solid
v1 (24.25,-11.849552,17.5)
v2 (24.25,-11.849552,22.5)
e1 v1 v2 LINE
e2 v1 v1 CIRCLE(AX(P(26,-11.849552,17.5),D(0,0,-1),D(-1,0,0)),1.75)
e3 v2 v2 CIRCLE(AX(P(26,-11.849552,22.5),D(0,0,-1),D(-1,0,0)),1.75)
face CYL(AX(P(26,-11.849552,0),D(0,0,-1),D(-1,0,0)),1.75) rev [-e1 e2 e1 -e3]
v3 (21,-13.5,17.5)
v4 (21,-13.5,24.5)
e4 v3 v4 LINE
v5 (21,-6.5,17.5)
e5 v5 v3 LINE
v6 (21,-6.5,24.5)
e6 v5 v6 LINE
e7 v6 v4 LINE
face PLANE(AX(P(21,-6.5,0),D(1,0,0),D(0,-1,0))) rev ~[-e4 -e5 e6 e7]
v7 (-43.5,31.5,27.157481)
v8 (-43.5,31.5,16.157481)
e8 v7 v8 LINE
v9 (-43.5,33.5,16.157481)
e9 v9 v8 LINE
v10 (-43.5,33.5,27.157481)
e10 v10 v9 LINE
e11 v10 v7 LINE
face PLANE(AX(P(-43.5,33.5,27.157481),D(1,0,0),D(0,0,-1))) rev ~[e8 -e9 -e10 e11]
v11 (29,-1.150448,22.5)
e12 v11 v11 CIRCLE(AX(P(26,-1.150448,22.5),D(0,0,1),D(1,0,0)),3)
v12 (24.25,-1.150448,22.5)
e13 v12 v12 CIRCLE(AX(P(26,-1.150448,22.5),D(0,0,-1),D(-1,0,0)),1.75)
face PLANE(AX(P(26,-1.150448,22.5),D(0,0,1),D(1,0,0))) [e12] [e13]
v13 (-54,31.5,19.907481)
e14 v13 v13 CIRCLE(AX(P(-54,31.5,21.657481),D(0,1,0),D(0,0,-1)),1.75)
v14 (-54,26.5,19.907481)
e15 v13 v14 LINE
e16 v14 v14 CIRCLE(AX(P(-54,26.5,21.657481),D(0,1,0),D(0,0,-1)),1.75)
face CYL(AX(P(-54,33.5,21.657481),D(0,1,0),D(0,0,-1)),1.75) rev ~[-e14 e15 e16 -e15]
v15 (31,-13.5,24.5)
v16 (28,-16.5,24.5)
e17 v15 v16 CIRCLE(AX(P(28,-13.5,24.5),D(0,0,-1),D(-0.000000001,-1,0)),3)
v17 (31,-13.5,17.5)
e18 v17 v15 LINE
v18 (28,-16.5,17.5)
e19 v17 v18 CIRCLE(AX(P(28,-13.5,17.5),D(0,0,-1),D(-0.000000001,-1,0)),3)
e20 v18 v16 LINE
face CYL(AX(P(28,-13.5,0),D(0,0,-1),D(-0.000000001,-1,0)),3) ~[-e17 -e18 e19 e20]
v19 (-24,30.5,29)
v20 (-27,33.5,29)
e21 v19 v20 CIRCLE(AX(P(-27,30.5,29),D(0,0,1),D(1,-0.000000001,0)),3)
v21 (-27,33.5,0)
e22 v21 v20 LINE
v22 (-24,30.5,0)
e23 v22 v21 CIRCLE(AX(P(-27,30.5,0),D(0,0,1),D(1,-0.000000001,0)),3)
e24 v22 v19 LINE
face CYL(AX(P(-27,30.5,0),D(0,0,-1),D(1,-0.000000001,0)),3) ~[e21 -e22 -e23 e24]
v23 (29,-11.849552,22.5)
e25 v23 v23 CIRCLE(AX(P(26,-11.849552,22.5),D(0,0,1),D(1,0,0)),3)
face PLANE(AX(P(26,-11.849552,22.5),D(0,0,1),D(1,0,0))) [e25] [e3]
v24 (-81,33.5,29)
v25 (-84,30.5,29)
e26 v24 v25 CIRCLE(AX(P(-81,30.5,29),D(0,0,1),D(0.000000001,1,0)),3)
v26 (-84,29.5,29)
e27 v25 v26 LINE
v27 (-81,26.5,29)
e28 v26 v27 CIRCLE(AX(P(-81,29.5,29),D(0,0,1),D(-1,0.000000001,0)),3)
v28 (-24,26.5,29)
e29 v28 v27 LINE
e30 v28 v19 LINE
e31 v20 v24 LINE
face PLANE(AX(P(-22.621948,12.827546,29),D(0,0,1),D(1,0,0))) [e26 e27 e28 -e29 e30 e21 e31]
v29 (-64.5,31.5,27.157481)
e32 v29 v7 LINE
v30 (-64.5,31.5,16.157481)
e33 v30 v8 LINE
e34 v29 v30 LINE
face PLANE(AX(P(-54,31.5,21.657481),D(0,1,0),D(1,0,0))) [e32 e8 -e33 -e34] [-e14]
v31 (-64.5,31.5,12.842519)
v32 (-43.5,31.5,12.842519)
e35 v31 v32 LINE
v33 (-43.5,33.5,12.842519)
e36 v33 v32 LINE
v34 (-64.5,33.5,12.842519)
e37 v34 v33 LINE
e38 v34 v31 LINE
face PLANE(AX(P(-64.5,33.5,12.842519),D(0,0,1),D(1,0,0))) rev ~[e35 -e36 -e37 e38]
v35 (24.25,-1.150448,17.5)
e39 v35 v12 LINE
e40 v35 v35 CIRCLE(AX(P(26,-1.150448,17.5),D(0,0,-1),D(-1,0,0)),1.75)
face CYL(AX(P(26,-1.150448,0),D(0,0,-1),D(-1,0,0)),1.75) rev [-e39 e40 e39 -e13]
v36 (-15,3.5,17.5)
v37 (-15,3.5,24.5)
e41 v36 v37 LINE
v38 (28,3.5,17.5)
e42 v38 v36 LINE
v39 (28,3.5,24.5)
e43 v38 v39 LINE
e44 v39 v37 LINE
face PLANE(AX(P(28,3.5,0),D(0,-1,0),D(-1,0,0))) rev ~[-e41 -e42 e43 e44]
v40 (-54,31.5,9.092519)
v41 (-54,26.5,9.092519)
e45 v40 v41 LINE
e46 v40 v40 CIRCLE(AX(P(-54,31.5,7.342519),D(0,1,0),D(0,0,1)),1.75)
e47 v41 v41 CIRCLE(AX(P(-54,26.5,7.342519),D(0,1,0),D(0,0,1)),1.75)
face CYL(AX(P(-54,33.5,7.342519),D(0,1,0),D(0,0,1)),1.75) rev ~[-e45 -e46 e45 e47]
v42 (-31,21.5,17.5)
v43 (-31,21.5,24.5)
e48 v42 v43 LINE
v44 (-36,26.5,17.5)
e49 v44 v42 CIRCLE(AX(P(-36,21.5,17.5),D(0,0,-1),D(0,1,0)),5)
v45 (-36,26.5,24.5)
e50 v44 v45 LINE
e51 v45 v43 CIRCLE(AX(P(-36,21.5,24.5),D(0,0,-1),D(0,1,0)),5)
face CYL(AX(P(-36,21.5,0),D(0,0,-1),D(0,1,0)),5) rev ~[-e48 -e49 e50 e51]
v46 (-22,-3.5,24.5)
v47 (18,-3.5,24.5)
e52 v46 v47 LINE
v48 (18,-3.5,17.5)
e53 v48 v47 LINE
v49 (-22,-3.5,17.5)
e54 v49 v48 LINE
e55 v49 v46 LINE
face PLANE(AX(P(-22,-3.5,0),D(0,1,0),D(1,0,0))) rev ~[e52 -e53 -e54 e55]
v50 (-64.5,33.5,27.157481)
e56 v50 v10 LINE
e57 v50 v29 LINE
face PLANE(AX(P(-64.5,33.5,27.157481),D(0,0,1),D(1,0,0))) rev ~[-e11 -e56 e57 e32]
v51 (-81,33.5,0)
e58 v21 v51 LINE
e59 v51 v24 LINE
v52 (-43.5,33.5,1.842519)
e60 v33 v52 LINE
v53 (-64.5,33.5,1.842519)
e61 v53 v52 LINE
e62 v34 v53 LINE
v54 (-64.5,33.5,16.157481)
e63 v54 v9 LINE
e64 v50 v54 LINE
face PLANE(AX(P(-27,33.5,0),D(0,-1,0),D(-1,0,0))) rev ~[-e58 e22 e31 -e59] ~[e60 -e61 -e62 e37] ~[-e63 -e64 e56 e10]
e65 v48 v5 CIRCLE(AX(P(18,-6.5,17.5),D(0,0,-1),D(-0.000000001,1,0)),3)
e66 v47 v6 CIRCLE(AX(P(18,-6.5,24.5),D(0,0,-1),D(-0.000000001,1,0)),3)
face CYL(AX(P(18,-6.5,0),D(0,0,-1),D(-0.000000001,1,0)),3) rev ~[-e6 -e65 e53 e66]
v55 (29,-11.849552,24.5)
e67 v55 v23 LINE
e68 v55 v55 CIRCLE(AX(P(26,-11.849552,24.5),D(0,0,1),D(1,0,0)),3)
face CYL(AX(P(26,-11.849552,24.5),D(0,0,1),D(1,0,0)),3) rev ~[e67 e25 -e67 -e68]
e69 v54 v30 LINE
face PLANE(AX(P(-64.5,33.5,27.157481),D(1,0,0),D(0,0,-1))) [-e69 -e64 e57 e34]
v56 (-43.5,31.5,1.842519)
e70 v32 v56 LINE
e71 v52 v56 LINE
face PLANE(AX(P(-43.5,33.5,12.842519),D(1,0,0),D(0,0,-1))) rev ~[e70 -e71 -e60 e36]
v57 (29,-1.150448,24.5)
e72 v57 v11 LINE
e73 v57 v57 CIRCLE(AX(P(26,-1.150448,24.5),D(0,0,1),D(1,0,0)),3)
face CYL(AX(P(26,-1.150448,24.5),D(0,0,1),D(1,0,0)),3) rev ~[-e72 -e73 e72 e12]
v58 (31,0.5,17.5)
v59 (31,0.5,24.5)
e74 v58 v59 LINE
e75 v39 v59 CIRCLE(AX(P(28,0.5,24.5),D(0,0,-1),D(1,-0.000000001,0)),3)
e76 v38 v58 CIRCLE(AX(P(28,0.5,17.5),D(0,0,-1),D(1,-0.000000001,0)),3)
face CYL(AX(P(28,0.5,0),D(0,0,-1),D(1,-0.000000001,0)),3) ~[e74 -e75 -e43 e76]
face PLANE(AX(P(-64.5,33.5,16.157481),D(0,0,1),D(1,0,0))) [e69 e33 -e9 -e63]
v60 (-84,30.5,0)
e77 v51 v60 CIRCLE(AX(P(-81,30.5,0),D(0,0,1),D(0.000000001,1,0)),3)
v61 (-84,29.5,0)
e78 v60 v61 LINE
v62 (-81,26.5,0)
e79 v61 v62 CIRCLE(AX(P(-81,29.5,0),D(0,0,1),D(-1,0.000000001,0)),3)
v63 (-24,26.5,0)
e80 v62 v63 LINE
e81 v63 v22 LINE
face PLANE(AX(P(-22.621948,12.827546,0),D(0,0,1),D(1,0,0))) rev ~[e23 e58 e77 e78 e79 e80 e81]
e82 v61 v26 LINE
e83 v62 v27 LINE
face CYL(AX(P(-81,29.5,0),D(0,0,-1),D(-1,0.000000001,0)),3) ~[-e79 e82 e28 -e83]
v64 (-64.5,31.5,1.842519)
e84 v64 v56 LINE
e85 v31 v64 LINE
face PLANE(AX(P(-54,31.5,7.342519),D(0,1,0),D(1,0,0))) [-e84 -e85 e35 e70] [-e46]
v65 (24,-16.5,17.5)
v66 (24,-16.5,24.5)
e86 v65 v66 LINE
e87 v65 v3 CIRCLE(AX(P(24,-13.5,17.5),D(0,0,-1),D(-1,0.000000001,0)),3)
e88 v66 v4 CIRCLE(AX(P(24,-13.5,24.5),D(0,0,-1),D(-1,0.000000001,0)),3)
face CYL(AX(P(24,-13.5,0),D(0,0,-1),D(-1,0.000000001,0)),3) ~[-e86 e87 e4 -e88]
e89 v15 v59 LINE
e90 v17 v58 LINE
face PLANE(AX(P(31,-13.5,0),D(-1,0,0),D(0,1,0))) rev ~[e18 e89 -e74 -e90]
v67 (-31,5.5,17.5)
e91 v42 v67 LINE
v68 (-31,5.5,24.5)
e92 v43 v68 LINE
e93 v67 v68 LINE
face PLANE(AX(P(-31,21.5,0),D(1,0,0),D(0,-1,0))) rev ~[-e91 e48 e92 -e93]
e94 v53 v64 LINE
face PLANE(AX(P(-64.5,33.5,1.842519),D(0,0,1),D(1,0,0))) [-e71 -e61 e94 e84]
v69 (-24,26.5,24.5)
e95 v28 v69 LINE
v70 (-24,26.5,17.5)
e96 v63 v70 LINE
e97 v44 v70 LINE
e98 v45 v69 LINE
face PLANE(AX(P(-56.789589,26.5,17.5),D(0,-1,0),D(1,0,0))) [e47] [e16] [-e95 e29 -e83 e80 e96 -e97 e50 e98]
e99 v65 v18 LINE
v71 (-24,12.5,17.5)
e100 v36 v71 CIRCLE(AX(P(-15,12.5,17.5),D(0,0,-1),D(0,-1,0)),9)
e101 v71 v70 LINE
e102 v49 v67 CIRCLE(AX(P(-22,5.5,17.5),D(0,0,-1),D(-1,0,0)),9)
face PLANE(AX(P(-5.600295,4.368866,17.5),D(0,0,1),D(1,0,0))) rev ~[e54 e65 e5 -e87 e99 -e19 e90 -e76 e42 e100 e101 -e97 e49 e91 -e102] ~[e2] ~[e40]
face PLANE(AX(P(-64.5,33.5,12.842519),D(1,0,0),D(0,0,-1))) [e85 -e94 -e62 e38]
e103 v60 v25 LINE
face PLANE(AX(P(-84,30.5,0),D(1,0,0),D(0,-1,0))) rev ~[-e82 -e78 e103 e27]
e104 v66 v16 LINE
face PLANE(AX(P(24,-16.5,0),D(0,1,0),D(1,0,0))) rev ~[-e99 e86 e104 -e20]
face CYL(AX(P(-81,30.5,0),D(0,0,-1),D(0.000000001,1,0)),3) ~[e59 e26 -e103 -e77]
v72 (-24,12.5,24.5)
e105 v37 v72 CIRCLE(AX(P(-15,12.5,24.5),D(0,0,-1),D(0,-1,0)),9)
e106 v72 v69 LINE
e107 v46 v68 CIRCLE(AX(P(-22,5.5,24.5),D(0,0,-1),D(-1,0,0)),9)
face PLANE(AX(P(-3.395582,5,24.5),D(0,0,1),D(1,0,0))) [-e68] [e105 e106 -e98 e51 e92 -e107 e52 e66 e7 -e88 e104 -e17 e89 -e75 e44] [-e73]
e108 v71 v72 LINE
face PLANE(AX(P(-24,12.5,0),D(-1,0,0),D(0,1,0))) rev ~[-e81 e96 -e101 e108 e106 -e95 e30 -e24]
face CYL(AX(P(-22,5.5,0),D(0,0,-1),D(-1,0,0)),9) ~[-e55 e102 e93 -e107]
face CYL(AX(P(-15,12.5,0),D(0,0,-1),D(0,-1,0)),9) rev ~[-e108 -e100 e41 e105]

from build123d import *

# Parameters (mm, degrees)
SKIZZE1_R                       = 1.75
AUFSATZ_LINEAR_AUSTRAGEN1_DEPTH = 29
SKIZZE2_W                       = 95.177468056
SKIZZE2_H                       = 43
SCHNITT_LINEAR_AUSTRAGEN1_DEPTH = 29
SKIZZE5_W                       = 102.378587485
SKIZZE5_H                       = 44.26226899
SCHNITT_LINEAR_AUSTRAGEN2_DEPTH = 29
SKIZZE6_W                       = 21
SKIZZE6_H                       = 11
SCHNITT_LINEAR_AUSTRAGEN3_DEPTH = 2
SKIZZE7_R                       = 3
SCHNITT_LINEAR_AUSTRAGEN4_DEPTH = 2
SKIZZE8_R                       = 1.75
SCHNITT_LINEAR_AUSTRAGEN5_DEPTH = 102.965680501


with BuildPart() as part:
    # Skizze1 → Aufsatz-Linear austragen1 (new body)
    with BuildSketch(Plane.XY):
        with BuildLine():
            Line((31, -13.5), (31, 0.5))
            ThreePointArc((31, 0.5), (30.121320344, 2.621320344), (28, 3.5))
            Line((28, 3.5), (-15, 3.5))
            ThreePointArc((-15, 3.5), (-21.363961031, 6.136038969), (-24, 12.5))
            Line((-24, 12.5), (-24, 30.5))
            ThreePointArc((-24, 30.5), (-24.878679656, 32.621320344), (-27, 33.5))
            Line((-27, 33.5), (-81, 33.5))
            ThreePointArc((-81, 33.5), (-83.121320344, 32.621320344), (-84, 30.5))
            Line((-84, 30.5), (-84, 29.5))
            ThreePointArc((-84, 29.5), (-83.121320344, 27.378679656), (-81, 26.5))
            Line((-81, 26.5), (-36, 26.5))
            ThreePointArc((-36, 26.5), (-32.464466094, 25.035533906), (-31, 21.5))
            Line((-31, 21.5), (-31, 5.5))
            ThreePointArc((-31, 5.5), (-28.363961031, -0.863961031), (-22, -3.5))
            Line((-22, -3.5), (18, -3.5))
            ThreePointArc((18, -3.5), (20.121320344, -4.378679656), (21, -6.5))
            Line((21, -6.5), (21, -13.5))
            ThreePointArc((21, -13.5), (21.878679656, -15.621320344), (24, -16.5))
            Line((24, -16.5), (28, -16.5))
            ThreePointArc((28, -16.5), (30.121320344, -15.621320344), (31, -13.5))
        make_face()
        with Locations(Location((26, -1.150447614, 0), (0, 0, 180))):
            Circle(SKIZZE1_R, mode=Mode.SUBTRACT)
        with Locations(Location((26, -11.849552386, 0), (0, 0, 180))):
            Circle(SKIZZE1_R, mode=Mode.SUBTRACT)
    extrude(amount=AUFSATZ_LINEAR_AUSTRAGEN1_DEPTH)

    # Skizze2 → Schnitt-Linear austragen1 (cut)
    with BuildSketch(Plane.XY.offset(24.5)):
        with Locations((-3.395581908, 5)):
            Rectangle(SKIZZE2_W, SKIZZE2_H)
    extrude(amount=SCHNITT_LINEAR_AUSTRAGEN1_DEPTH, mode=Mode.SUBTRACT)

    # Skizze5 → Schnitt-Linear austragen2 (cut)
    with BuildSketch(Plane.XY.offset(17.5)):
        with Locations((-5.60029533, 4.368865505)):
            Rectangle(SKIZZE5_W, SKIZZE5_H)
    extrude(amount=-SCHNITT_LINEAR_AUSTRAGEN2_DEPTH, mode=Mode.SUBTRACT)

    # Skizze6 → Schnitt-Linear austragen3 (cut)
    with BuildSketch(Plane(origin=(0, 33.5, 0), x_dir=(1, 0, 0), z_dir=(0, 1, 0))):
        with Locations((-54, -7.342518692)):
            Rectangle(SKIZZE6_W, SKIZZE6_H)
        with Locations((-54, -21.657481308)):
            Rectangle(SKIZZE6_W, SKIZZE6_H)
    extrude(amount=-SCHNITT_LINEAR_AUSTRAGEN3_DEPTH, mode=Mode.SUBTRACT)

    # Skizze7 → Schnitt-Linear austragen4 (cut)
    with BuildSketch(Plane.XY.offset(24.5)):
        with Locations((26, -1.150447614)):
            Circle(SKIZZE7_R)
        with Locations((26, -11.849552386)):
            Circle(SKIZZE7_R)
    extrude(amount=-SCHNITT_LINEAR_AUSTRAGEN4_DEPTH, mode=Mode.SUBTRACT)

    # Skizze8 → Schnitt-Linear austragen5 (cut, through all)
    with BuildSketch(Plane(origin=(0, 33.5, 0), x_dir=(1, 0, 0), z_dir=(0, 1, 0))):
        with Locations(Location((-54, -7.342518692, 0), (0, 0, 270))):
            Circle(SKIZZE8_R)
        with Locations(Location((-54, -21.657481308, 0), (0, 0, 90))):
            Circle(SKIZZE8_R)
    extrude(amount=-SCHNITT_LINEAR_AUSTRAGEN5_DEPTH, mode=Mode.SUBTRACT)


solid = part.part
